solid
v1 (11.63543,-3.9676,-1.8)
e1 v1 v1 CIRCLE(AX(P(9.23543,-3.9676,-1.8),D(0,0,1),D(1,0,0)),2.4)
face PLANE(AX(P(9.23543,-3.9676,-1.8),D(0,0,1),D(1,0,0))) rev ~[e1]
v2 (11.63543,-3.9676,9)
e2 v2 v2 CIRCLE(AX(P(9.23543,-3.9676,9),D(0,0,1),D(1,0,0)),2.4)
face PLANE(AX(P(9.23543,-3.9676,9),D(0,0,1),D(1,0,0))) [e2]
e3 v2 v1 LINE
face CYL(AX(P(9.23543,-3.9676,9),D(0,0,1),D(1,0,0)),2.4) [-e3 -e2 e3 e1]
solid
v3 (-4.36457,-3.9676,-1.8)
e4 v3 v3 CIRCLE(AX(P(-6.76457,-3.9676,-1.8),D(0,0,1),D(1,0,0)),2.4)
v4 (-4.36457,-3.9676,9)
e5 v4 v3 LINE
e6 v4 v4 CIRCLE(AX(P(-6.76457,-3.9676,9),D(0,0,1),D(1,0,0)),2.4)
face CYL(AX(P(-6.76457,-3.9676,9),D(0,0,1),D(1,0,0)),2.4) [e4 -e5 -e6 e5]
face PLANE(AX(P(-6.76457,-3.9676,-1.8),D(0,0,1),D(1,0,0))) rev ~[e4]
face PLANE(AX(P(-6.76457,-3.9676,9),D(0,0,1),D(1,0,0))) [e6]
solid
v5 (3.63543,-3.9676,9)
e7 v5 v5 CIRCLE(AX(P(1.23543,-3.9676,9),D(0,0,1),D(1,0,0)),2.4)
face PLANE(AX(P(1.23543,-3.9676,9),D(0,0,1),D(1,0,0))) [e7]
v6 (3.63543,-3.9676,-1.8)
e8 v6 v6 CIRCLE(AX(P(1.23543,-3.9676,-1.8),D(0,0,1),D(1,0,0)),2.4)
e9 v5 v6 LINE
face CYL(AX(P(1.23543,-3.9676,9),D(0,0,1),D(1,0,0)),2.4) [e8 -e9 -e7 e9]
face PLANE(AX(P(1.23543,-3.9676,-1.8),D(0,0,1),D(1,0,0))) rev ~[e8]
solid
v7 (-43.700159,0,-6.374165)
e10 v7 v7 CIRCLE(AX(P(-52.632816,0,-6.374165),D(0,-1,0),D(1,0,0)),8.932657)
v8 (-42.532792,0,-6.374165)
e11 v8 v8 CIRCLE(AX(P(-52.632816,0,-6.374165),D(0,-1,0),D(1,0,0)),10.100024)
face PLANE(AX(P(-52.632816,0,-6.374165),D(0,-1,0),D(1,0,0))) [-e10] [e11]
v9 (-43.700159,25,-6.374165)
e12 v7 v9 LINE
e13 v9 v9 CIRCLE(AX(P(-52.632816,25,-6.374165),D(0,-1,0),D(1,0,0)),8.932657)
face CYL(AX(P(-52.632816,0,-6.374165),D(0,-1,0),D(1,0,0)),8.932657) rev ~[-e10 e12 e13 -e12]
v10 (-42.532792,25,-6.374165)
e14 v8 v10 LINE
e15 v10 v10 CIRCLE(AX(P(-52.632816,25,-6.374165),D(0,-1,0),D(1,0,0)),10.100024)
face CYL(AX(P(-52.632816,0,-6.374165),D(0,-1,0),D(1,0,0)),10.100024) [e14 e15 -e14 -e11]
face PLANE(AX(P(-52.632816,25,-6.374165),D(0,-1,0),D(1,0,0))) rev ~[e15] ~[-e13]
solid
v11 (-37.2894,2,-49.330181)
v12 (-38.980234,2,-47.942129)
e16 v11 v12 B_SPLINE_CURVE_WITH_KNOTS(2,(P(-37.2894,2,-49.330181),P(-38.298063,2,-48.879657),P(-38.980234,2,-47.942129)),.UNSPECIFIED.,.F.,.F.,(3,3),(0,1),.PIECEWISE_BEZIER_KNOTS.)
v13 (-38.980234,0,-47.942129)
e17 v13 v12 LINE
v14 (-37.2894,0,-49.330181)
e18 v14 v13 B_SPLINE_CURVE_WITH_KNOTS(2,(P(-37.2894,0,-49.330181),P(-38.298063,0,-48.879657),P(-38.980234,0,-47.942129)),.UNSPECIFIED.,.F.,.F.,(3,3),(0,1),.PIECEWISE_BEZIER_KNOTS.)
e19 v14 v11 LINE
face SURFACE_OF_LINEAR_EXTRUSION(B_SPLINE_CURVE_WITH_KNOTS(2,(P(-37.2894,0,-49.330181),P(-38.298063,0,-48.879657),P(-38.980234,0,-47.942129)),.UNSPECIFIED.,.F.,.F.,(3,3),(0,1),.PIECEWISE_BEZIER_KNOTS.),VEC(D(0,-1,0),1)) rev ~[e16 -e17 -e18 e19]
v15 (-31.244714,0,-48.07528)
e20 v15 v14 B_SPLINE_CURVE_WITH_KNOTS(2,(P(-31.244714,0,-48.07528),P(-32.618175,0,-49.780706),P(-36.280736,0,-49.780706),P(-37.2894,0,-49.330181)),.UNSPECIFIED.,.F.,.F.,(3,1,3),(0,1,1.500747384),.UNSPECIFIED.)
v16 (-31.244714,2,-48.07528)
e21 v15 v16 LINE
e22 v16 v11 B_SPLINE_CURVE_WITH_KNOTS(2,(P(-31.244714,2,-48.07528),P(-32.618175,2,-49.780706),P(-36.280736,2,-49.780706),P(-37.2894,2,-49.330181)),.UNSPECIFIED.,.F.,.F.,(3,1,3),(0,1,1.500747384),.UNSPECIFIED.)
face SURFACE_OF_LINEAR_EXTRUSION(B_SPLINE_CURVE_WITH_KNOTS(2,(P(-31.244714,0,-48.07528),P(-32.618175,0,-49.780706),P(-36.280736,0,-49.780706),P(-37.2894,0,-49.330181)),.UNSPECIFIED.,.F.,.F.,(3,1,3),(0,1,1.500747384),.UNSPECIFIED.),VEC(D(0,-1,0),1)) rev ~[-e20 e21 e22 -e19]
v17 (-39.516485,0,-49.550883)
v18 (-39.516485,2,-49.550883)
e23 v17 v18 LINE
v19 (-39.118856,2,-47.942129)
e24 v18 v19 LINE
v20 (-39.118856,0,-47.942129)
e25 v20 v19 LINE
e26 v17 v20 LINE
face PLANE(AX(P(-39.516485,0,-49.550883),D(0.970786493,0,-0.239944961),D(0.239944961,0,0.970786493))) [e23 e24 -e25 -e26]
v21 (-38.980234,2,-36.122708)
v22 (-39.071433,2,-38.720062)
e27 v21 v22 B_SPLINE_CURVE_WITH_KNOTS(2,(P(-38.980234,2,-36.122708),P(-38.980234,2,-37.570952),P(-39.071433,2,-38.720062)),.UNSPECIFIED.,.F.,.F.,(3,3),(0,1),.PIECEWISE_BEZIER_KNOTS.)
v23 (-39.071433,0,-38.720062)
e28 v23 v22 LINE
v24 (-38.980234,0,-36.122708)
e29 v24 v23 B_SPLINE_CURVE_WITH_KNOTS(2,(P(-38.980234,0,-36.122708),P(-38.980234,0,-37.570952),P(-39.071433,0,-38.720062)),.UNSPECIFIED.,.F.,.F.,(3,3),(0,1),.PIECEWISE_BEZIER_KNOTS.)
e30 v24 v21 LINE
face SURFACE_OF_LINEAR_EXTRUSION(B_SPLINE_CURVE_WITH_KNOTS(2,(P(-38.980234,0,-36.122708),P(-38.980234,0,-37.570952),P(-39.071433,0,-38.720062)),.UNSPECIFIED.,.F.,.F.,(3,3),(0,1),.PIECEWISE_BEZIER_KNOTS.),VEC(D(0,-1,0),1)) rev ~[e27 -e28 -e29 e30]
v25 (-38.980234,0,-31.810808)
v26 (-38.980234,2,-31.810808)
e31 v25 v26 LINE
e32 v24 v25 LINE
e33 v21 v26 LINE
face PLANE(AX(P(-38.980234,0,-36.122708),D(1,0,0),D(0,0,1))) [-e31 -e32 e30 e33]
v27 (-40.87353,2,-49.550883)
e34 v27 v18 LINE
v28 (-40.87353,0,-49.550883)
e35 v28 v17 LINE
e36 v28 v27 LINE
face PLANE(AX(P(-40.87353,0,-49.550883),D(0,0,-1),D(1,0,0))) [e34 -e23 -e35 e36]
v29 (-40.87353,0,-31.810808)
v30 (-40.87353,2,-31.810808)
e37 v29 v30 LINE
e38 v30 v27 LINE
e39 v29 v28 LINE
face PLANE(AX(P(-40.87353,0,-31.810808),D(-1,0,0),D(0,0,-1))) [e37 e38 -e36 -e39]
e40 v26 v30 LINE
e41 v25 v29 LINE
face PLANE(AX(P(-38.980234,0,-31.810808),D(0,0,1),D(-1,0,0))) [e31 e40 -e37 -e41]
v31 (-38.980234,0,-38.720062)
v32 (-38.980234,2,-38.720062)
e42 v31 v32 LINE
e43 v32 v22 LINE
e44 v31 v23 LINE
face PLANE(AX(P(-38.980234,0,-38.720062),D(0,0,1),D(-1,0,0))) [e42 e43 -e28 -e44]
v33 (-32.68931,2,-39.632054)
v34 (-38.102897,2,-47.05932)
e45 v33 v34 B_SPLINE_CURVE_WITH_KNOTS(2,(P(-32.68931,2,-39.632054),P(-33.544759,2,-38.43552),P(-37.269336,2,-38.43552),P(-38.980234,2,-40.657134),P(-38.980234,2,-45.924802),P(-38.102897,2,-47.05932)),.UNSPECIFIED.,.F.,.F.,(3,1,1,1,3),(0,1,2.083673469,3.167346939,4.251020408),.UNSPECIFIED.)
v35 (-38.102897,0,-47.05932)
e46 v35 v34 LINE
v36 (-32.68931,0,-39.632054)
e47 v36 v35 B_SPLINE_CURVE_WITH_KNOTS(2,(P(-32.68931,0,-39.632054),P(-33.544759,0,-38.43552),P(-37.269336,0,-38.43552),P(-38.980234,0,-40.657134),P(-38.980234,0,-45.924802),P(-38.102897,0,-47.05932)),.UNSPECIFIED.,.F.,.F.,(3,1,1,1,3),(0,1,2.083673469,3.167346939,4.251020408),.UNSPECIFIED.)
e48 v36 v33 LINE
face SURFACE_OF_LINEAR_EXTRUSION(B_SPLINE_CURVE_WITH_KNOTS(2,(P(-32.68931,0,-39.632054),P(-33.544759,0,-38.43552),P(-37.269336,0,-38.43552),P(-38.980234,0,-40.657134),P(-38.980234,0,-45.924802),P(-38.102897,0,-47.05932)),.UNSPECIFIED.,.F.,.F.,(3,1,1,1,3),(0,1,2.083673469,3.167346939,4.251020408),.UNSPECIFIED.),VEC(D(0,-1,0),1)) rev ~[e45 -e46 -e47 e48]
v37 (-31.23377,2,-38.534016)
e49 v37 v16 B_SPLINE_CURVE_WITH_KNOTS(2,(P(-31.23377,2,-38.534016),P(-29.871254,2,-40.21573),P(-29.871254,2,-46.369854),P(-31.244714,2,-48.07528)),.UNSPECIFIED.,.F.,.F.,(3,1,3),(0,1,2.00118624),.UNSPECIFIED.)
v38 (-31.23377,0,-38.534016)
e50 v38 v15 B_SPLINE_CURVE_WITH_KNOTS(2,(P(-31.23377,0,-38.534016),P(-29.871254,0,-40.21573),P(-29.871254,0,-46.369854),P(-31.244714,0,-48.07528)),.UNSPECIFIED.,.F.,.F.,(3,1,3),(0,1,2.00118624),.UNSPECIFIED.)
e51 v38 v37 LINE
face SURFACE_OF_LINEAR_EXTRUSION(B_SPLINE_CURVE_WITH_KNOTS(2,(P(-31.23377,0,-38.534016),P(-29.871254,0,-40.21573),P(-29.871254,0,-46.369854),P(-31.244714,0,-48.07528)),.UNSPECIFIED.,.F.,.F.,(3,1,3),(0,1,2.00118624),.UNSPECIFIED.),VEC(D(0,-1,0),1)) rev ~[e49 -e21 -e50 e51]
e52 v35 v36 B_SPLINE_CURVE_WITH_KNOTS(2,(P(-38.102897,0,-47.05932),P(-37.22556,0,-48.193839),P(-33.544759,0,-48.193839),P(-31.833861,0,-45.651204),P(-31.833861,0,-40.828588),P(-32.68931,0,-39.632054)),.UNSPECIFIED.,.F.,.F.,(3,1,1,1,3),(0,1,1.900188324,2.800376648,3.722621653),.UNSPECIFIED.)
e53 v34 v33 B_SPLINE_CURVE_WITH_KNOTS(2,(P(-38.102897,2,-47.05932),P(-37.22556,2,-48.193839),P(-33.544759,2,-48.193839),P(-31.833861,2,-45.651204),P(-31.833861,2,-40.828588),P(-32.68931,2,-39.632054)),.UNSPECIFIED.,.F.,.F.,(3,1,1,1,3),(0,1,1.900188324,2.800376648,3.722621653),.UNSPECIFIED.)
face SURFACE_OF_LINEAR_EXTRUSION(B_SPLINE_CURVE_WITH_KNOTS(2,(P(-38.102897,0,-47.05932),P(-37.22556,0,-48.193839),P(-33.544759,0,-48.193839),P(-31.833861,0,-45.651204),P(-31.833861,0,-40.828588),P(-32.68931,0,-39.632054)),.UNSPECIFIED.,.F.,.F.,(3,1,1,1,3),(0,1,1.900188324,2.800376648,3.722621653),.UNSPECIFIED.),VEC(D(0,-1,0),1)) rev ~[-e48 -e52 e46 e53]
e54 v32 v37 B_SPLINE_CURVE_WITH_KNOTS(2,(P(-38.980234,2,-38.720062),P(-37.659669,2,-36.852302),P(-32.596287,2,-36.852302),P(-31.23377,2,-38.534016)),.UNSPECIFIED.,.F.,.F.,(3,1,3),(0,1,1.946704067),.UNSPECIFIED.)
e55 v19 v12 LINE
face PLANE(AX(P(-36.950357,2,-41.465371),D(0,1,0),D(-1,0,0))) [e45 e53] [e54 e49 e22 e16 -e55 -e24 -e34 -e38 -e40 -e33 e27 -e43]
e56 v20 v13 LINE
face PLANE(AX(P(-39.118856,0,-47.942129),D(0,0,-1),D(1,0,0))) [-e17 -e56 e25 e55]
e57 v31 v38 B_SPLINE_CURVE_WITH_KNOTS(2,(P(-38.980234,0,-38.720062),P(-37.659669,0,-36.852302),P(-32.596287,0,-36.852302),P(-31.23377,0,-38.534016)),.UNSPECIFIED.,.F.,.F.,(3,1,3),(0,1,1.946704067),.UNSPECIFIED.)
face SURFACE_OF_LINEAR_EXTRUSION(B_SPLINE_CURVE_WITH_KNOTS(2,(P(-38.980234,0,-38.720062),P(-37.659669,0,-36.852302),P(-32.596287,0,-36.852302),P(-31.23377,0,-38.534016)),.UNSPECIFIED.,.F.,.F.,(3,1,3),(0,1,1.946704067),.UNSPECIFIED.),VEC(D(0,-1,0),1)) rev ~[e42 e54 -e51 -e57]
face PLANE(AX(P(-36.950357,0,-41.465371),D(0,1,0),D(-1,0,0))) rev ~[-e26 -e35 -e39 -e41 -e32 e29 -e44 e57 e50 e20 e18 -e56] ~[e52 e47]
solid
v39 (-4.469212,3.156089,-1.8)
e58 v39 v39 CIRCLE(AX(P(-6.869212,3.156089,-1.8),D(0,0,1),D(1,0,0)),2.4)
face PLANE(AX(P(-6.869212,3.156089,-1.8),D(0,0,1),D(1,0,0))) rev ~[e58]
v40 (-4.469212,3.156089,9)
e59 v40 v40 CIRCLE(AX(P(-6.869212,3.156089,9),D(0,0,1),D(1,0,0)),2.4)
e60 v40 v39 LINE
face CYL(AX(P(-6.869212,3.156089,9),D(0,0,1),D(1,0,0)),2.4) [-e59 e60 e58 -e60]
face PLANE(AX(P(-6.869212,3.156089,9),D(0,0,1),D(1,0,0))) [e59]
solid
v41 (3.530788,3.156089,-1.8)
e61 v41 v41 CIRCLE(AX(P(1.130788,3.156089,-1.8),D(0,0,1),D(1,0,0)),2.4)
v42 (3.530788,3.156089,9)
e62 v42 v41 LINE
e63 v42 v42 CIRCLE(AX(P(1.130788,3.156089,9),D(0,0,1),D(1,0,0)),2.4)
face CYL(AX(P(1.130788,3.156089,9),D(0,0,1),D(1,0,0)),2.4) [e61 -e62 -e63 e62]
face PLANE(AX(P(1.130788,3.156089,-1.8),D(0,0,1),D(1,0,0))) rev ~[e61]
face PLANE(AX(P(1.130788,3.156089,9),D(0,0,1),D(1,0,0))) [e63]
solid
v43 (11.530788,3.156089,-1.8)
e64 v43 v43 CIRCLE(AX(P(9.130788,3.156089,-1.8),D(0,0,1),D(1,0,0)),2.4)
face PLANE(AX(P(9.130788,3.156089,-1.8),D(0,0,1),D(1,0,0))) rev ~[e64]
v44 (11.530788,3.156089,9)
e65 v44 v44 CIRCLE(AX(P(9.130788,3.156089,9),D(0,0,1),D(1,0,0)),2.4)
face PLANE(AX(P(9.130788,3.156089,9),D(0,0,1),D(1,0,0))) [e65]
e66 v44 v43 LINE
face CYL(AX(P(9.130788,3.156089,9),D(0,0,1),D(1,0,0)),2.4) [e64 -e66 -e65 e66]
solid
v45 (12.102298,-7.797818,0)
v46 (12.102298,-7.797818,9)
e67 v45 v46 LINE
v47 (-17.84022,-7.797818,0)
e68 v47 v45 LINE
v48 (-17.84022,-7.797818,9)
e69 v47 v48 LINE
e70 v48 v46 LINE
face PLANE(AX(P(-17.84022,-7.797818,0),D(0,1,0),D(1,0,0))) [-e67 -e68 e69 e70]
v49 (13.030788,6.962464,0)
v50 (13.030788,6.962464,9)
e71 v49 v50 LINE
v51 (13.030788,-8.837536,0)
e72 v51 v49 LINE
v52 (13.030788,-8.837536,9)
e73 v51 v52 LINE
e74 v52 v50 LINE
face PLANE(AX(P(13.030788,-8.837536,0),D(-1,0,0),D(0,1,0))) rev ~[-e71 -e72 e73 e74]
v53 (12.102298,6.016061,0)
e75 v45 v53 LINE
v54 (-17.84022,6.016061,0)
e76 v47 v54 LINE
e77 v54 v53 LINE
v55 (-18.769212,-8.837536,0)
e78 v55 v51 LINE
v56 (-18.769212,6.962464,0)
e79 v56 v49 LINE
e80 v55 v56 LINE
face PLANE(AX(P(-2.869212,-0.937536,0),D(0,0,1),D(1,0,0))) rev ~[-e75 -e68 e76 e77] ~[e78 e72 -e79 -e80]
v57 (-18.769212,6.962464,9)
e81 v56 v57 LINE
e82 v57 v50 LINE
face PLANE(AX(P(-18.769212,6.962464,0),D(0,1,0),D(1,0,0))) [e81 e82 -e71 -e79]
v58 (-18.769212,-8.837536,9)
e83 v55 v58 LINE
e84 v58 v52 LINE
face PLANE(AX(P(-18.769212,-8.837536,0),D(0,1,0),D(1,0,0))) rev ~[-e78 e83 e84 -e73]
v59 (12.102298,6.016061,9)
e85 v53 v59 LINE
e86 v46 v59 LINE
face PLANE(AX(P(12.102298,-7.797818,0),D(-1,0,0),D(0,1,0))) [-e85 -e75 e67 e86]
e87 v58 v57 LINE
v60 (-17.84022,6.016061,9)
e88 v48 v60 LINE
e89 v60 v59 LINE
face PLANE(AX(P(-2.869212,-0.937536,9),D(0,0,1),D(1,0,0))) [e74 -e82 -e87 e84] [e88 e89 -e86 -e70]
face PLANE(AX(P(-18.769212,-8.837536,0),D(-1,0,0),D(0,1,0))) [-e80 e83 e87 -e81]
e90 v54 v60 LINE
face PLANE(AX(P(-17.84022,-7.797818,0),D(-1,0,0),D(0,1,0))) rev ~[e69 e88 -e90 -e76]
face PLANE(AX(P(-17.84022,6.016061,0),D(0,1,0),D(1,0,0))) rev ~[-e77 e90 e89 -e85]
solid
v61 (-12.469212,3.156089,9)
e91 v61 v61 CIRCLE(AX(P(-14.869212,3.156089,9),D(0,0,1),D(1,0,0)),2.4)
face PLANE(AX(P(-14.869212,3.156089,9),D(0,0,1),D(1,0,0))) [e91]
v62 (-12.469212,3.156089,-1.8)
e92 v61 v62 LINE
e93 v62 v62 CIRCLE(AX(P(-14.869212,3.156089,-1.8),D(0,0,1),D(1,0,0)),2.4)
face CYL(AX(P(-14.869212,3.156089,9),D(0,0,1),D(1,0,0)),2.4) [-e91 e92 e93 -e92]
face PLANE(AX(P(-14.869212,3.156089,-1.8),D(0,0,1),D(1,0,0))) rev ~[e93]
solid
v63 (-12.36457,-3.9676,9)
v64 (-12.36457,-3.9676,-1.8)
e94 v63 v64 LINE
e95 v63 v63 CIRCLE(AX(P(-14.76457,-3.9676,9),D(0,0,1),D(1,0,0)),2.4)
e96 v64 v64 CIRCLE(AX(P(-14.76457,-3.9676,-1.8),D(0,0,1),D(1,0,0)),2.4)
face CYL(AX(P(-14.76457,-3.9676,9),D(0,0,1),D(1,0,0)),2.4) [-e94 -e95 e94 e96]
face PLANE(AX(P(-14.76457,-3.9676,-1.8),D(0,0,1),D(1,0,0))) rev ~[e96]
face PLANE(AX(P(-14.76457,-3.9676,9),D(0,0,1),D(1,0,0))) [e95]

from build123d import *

# Parameters (mm, degrees)
F0_W     = 31.8
F0_H     = 15.8
F0_W_2   = 29.9425181001
F0_H_2   = 13.8138793409
F1_DEPTH = 9
F2_R     = 2.4
F3_DEPTH = 10.8
F4_R     = 10.1000236813
F4_R_2   = 8.9326569629
F5_DEPTH = 25
F6_DEPTH = 2


with BuildPart() as f1:
    # F0 (on Top) → F1 (new body)
    with BuildSketch(Plane.XY):
        with Locations((-2.869211603, -0.9375357135)):
            Rectangle(F0_W, F0_H)
        with Locations((-2.8689606115, -0.8908784948)):
            Rectangle(F0_W_2, F0_H_2, mode=Mode.SUBTRACT)
    extrude(amount=F1_DEPTH)


with BuildPart() as f3:
    # F2 (on face) → F3 (new body)
    with BuildSketch(Plane.XY.offset(9)):
        with Locations((-14.869211603, 3.1560885722)):
            Circle(F2_R)
    extrude(amount=-F3_DEPTH)


with BuildPart() as f3b:
    # F2 (on face) → F3, piece 2 (new body)
    with BuildSketch(Plane.XY.offset(9)):
        with Locations((-6.869211603, 3.1560885722)):
            Circle(F2_R)
    extrude(amount=-F3_DEPTH)


with BuildPart() as f3c:
    # F2 (on face) → F3, piece 3 (new body)
    with BuildSketch(Plane.XY.offset(9)):
        with Locations((1.130788397, 3.1560885722)):
            Circle(F2_R)
    extrude(amount=-F3_DEPTH)


with BuildPart() as f3d:
    # F2 (on face) → F3, piece 4 (new body)
    with BuildSketch(Plane.XY.offset(9)):
        with Locations((9.130788397, 3.1560885722)):
            Circle(F2_R)
    extrude(amount=-F3_DEPTH)


with BuildPart() as f3e:
    # F2 (on face) → F3, piece 5 (new body)
    with BuildSketch(Plane.XY.offset(9)):
        with Locations((-14.76457, -3.9676)):
            Circle(F2_R)
    extrude(amount=-F3_DEPTH)


with BuildPart() as f3f:
    # F2 (on face) → F3, piece 6 (new body)
    with BuildSketch(Plane.XY.offset(9)):
        with Locations((-6.76457, -3.9676)):
            Circle(F2_R)
    extrude(amount=-F3_DEPTH)


with BuildPart() as f3g:
    # F2 (on face) → F3, piece 7 (new body)
    with BuildSketch(Plane.XY.offset(9)):
        with Locations((1.23543, -3.9676)):
            Circle(F2_R)
    extrude(amount=-F3_DEPTH)


with BuildPart() as f3h:
    # F2 (on face) → F3, piece 8 (new body)
    with BuildSketch(Plane.XY.offset(9)):
        with Locations((9.23543, -3.9676)):
            Circle(F2_R)
    extrude(amount=-F3_DEPTH)


with BuildPart() as f5:
    # F4 (on Front) → F5 (new body)
    with BuildSketch(Plane.XZ):
        with Locations((-52.6328161359, -6.3741654158)):
            Circle(F4_R)
        with Locations((-52.6328161359, -6.3741654158)):
            Circle(F4_R_2, mode=Mode.SUBTRACT)
    extrude(amount=-F5_DEPTH)


with BuildPart() as f6:
    # F4 (on Front) → F6 (new body)
    with BuildSketch(Plane.XZ):
        with BuildLine():
            add(Edge.make_bspline(
                [(-35.0586663828, -36.8523016239), (-32.5962869667, -36.8523016239), (-31.2337703565, -38.5340155659)],
                knots=[0, 0, 0, 1, 1, 1], degree=2))
            add(Edge.make_bspline(
                [(-38.980233601, -38.7200620106), (-37.6596686401, -36.8523016239), (-35.0586663828, -36.8523016239)],
                knots=[0, 0, 0, 1, 1, 1], degree=2))
            Line((-38.980233601, -38.7200620106), (-39.0714328387, -38.7200620106))
            add(Edge.make_bspline(
                [(-38.980233601, -36.1227077228), (-38.980233601, -37.5709516164), (-39.0714328387, -38.7200620106)],
                knots=[0, 0, 0, 1, 1, 1], degree=2))
            Line((-38.980233601, -36.1227077228), (-38.980233601, -31.8108077675))
            Line((-38.980233601, -31.8108077675), (-40.8735297743, -31.8108077675))
            Line((-40.8735297743, -31.8108077675), (-40.8735297743, -49.550883472))
            Line((-40.8735297743, -49.550883472), (-39.5164851183, -49.550883472))
            Line((-39.5164851183, -49.550883472), (-39.1188564423, -47.9421289201))
            Line((-39.1188564423, -47.9421289201), (-38.980233601, -47.9421289201))
            add(Edge.make_bspline(
                [(-37.2893997353, -49.3301813169), (-38.2980633036, -48.879657083), (-38.980233601, -47.9421289201)],
                knots=[0, 0, 0, 1, 1, 1], degree=2))
            add(Edge.make_bspline(
                [(-35.0586663828, -49.7807055508), (-36.2807361671, -49.7807055508), (-37.2893997353, -49.3301813169)],
                knots=[0, 0, 0, 1, 1, 1], degree=2))
            add(Edge.make_bspline(
                [(-31.244714265, -48.0752798071), (-32.6181747837, -49.7807055508), (-35.0586663828, -49.7807055508)],
                knots=[0, 0, 0, 1, 1, 1], degree=2))
            add(Edge.make_bspline(
                [(-29.8712537462, -43.2909678008), (-29.8712537462, -46.3698540633), (-31.244714265, -48.0752798071)],
                knots=[0, 0, 0, 1, 1, 1], degree=2))
            add(Edge.make_bspline(
                [(-31.2337703565, -38.5340155659), (-29.8712537462, -40.2157295078), (-29.8712537462, -43.2909678008)],
                knots=[0, 0, 0, 1, 1, 1], degree=2))
        make_face()
        with BuildLine():
            add(Edge.make_bspline(
                [(-35.3322640957, -38.4355203892), (-37.269335903, -38.4355203892), (-38.124784752, -39.5463271036)],
                knots=[0, 0, 0, 1, 1, 1], degree=2))
            add(Edge.make_bspline(
                [(-32.6893101891, -39.632054387), (-33.5447590381, -38.4355203892), (-35.3322640957, -38.4355203892)],
                knots=[0, 0, 0, 1, 1, 1], degree=2))
            add(Edge.make_bspline(
                [(-31.8338613401, -43.2690799838), (-31.8338613401, -40.8285883847), (-32.6893101891, -39.632054387)],
                knots=[0, 0, 0, 1, 1, 1], degree=2))
            add(Edge.make_bspline(
                [(-32.6893101891, -46.9225214434), (-31.8338613401, -45.6512040708), (-31.8338613401, -43.2690799838)],
                knots=[0, 0, 0, 1, 1, 1], degree=2))
            add(Edge.make_bspline(
                [(-35.2884884616, -48.193838816), (-33.5447590381, -48.193838816), (-32.6893101891, -46.9225214434)],
                knots=[0, 0, 0, 1, 1, 1], degree=2))
            add(Edge.make_bspline(
                [(-38.102896935, -47.0593202998), (-37.225560269, -48.193838816), (-35.2884884616, -48.193838816)],
                knots=[0, 0, 0, 1, 1, 1], degree=2))
            add(Edge.make_bspline(
                [(-38.980233601, -43.2909678008), (-38.980233601, -45.9248017837), (-38.102896935, -47.0593202998)],
                knots=[0, 0, 0, 1, 1, 1], degree=2))
            add(Edge.make_bspline(
                [(-38.124784752, -39.5463271036), (-38.980233601, -40.657133818), (-38.980233601, -43.2909678008)],
                knots=[0, 0, 0, 1, 1, 1], degree=2))
        make_face(mode=Mode.SUBTRACT)
    extrude(amount=-F6_DEPTH)


solid = Compound([f1.part, f3.part, f3b.part, f3c.part, f3d.part, f3e.part, f3f.part, f3g.part, f3h.part, f5.part, f6.part])
